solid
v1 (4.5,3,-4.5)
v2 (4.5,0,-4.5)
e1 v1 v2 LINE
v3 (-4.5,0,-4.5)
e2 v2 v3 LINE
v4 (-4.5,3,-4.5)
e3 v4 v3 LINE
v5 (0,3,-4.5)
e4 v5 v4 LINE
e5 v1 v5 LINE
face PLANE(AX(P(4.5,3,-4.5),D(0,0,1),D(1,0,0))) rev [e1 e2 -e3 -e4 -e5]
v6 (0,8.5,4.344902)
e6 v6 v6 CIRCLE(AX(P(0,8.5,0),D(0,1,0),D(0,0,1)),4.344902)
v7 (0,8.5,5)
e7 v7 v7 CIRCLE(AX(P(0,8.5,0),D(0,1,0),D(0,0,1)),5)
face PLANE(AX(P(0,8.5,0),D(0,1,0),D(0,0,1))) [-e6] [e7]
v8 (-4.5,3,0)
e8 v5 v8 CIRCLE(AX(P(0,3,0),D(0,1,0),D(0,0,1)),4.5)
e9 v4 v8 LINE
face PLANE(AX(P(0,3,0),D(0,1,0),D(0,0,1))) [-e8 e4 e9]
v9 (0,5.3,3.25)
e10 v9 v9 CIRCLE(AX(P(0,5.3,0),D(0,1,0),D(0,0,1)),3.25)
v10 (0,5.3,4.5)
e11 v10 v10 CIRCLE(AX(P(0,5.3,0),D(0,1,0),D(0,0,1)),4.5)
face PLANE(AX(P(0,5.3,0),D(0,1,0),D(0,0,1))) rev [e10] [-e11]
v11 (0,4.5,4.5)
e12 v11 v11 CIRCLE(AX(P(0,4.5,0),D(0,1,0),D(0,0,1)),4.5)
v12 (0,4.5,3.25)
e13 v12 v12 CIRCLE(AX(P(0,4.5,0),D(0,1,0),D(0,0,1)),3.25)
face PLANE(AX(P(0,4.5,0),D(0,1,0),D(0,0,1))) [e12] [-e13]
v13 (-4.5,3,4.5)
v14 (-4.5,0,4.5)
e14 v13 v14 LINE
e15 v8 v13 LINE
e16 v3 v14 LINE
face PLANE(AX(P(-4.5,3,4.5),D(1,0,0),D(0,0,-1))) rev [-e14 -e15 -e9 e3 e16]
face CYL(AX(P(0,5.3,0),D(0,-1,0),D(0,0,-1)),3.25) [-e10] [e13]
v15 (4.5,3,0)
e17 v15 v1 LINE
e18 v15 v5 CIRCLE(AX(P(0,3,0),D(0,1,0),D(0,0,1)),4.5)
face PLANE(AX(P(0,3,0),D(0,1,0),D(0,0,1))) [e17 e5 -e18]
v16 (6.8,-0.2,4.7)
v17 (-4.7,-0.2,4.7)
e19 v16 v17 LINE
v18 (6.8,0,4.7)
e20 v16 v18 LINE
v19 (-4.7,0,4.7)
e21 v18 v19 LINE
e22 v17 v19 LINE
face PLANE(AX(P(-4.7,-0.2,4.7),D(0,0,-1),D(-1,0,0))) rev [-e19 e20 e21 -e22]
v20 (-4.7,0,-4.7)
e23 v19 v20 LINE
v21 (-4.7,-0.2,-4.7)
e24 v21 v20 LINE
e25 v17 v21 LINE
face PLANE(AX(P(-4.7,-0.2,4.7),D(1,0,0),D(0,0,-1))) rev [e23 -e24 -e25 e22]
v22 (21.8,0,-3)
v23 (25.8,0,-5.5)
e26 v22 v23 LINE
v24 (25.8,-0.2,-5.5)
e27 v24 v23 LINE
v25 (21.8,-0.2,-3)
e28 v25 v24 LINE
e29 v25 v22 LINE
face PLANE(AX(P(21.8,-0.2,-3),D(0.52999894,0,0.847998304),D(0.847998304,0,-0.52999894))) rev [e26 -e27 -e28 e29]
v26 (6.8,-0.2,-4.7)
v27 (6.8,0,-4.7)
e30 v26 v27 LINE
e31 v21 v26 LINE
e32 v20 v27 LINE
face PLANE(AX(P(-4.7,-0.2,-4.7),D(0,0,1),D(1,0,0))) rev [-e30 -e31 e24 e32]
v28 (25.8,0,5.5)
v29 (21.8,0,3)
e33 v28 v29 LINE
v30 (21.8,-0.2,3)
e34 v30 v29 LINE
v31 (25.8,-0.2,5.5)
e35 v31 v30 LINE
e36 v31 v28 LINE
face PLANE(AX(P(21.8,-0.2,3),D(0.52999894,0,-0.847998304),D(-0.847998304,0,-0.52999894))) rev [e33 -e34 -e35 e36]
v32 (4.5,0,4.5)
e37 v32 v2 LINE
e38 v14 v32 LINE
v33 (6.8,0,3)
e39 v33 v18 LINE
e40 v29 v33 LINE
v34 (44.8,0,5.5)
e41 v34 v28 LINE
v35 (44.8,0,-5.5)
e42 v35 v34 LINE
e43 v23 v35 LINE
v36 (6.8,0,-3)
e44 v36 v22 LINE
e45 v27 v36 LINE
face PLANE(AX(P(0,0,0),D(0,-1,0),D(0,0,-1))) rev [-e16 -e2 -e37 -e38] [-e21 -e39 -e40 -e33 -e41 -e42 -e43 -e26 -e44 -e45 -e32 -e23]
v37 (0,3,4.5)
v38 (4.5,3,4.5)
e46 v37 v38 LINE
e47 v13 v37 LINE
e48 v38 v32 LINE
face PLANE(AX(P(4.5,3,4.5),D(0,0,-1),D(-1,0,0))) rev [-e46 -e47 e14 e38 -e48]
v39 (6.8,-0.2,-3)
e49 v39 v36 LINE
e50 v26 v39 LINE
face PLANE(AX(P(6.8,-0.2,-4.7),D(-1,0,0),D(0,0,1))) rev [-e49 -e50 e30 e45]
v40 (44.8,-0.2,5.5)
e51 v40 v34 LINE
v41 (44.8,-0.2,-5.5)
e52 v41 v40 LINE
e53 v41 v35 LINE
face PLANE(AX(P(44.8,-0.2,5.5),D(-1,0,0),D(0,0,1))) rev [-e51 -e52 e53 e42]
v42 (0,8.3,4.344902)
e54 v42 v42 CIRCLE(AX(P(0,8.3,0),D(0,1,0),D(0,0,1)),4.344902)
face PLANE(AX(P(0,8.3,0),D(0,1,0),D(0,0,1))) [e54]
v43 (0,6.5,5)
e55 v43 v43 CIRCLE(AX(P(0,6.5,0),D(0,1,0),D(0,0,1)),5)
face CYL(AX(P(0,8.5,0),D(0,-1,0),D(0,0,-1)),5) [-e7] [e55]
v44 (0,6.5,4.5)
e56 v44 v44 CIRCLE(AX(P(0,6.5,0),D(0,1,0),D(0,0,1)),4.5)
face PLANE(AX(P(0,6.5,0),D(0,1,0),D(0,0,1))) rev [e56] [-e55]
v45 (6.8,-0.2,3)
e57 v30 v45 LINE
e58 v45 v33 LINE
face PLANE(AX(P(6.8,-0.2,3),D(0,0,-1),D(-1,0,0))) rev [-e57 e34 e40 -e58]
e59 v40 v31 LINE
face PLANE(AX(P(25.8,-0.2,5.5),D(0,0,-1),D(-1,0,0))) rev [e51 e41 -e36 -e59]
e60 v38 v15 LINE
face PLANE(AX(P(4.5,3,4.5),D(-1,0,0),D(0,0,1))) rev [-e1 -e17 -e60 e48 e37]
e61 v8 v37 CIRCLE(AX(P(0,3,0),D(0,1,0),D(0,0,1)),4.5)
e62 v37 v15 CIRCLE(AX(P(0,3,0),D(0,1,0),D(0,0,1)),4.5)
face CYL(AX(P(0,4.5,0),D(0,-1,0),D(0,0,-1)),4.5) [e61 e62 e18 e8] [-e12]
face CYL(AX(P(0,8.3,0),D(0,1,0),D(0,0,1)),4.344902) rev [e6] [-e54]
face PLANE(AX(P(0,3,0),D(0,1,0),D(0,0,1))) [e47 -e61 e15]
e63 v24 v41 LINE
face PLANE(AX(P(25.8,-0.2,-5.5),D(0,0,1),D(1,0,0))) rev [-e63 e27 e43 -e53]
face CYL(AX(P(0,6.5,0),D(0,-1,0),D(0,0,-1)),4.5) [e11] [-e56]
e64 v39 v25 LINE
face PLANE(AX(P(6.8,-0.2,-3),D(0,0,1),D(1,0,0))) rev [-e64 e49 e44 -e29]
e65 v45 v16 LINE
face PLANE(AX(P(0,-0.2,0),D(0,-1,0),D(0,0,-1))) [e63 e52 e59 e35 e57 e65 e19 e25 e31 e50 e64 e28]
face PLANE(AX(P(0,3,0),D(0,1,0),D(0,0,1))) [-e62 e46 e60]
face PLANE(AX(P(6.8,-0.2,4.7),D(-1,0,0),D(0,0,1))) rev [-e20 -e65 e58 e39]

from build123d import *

# Parameters (mm, degrees)
SKETCH1_W           = 9
SKETCH1_H           = 9
BOSS_EXTRUDE1_DEPTH = 3
SKETCH2_R           = 4.5
BOSS_EXTRUDE2_DEPTH = 1.5
SKETCH3_R           = 3.25
BOSS_EXTRUDE3_DEPTH = 0.8
SKETCH4_R           = 4.5
BOSS_EXTRUDE4_DEPTH = 1.2
SKETCH6_R           = 5
BOSS_EXTRUDE5_DEPTH = 2
SKETCH7_R           = 4.344901587
CUT_EXTRUDE1_DEPTH  = 0.2
BOSS_EXTRUDE6_DEPTH = 0.2


with BuildPart() as part:
    # Sketch1 → Boss-Extrude1 (new body)
    with BuildSketch(Plane(origin=(0, 0, 0), x_dir=(1, 0, 0), z_dir=(0, 1, 0))):
        Rectangle(SKETCH1_W, SKETCH1_H)
    extrude(amount=BOSS_EXTRUDE1_DEPTH)

    # Sketch2 → Boss-Extrude2 (add)
    with BuildSketch(Plane(origin=(0, 3, 0), x_dir=(1, 0, 0), z_dir=(0, 1, 0))):
        with Locations(Location((0, 0, 0), (0, 0, 270))):
            Circle(SKETCH2_R)
    extrude(amount=BOSS_EXTRUDE2_DEPTH)

    # Sketch3 → Boss-Extrude3 (add)
    with BuildSketch(Plane(origin=(0, 4.5, 0), x_dir=(1, 0, 0), z_dir=(0, 1, 0))):
        with Locations(Location((0, 0, 0), (0, 0, 270))):
            Circle(SKETCH3_R)
    extrude(amount=BOSS_EXTRUDE3_DEPTH)

    # Sketch4 → Boss-Extrude4 (add)
    with BuildSketch(Plane(origin=(0, 5.3, 0), x_dir=(1, 0, 0), z_dir=(0, 1, 0))):
        with Locations(Location((0, 0, 0), (0, 0, 270))):
            Circle(SKETCH4_R)
    extrude(amount=BOSS_EXTRUDE4_DEPTH)

    # Sketch6 → Boss-Extrude5 (add)
    with BuildSketch(Plane(origin=(0, 6.5, 0), x_dir=(1, 0, 0), z_dir=(0, 1, 0))):
        with Locations(Location((0, 0, 0), (0, 0, 270))):
            Circle(SKETCH6_R)
    extrude(amount=BOSS_EXTRUDE5_DEPTH)

    # Sketch7 → Cut-Extrude1 (cut)
    with BuildSketch(Plane(origin=(0, 8.5, 0), x_dir=(1, 0, 0), z_dir=(0, 1, 0))):
        with Locations(Location((0, 0, 0), (0, 0, 270))):
            Circle(SKETCH7_R)
    extrude(amount=-CUT_EXTRUDE1_DEPTH, mode=Mode.SUBTRACT)

    # Sketch8 → Boss-Extrude6 (add)
    with BuildSketch(Plane.XZ):
        Polygon((6.8, 4.7), (6.8, 3), (21.8, 3), (25.8, 5.5), (44.8, 5.5), (44.8, -5.5), (25.8, -5.5), (21.8, -3), (6.8, -3), (6.8, -4.7), (-4.7, -4.7), (-4.7, 4.7), align=None)
    extrude(amount=BOSS_EXTRUDE6_DEPTH)


solid = part.part
